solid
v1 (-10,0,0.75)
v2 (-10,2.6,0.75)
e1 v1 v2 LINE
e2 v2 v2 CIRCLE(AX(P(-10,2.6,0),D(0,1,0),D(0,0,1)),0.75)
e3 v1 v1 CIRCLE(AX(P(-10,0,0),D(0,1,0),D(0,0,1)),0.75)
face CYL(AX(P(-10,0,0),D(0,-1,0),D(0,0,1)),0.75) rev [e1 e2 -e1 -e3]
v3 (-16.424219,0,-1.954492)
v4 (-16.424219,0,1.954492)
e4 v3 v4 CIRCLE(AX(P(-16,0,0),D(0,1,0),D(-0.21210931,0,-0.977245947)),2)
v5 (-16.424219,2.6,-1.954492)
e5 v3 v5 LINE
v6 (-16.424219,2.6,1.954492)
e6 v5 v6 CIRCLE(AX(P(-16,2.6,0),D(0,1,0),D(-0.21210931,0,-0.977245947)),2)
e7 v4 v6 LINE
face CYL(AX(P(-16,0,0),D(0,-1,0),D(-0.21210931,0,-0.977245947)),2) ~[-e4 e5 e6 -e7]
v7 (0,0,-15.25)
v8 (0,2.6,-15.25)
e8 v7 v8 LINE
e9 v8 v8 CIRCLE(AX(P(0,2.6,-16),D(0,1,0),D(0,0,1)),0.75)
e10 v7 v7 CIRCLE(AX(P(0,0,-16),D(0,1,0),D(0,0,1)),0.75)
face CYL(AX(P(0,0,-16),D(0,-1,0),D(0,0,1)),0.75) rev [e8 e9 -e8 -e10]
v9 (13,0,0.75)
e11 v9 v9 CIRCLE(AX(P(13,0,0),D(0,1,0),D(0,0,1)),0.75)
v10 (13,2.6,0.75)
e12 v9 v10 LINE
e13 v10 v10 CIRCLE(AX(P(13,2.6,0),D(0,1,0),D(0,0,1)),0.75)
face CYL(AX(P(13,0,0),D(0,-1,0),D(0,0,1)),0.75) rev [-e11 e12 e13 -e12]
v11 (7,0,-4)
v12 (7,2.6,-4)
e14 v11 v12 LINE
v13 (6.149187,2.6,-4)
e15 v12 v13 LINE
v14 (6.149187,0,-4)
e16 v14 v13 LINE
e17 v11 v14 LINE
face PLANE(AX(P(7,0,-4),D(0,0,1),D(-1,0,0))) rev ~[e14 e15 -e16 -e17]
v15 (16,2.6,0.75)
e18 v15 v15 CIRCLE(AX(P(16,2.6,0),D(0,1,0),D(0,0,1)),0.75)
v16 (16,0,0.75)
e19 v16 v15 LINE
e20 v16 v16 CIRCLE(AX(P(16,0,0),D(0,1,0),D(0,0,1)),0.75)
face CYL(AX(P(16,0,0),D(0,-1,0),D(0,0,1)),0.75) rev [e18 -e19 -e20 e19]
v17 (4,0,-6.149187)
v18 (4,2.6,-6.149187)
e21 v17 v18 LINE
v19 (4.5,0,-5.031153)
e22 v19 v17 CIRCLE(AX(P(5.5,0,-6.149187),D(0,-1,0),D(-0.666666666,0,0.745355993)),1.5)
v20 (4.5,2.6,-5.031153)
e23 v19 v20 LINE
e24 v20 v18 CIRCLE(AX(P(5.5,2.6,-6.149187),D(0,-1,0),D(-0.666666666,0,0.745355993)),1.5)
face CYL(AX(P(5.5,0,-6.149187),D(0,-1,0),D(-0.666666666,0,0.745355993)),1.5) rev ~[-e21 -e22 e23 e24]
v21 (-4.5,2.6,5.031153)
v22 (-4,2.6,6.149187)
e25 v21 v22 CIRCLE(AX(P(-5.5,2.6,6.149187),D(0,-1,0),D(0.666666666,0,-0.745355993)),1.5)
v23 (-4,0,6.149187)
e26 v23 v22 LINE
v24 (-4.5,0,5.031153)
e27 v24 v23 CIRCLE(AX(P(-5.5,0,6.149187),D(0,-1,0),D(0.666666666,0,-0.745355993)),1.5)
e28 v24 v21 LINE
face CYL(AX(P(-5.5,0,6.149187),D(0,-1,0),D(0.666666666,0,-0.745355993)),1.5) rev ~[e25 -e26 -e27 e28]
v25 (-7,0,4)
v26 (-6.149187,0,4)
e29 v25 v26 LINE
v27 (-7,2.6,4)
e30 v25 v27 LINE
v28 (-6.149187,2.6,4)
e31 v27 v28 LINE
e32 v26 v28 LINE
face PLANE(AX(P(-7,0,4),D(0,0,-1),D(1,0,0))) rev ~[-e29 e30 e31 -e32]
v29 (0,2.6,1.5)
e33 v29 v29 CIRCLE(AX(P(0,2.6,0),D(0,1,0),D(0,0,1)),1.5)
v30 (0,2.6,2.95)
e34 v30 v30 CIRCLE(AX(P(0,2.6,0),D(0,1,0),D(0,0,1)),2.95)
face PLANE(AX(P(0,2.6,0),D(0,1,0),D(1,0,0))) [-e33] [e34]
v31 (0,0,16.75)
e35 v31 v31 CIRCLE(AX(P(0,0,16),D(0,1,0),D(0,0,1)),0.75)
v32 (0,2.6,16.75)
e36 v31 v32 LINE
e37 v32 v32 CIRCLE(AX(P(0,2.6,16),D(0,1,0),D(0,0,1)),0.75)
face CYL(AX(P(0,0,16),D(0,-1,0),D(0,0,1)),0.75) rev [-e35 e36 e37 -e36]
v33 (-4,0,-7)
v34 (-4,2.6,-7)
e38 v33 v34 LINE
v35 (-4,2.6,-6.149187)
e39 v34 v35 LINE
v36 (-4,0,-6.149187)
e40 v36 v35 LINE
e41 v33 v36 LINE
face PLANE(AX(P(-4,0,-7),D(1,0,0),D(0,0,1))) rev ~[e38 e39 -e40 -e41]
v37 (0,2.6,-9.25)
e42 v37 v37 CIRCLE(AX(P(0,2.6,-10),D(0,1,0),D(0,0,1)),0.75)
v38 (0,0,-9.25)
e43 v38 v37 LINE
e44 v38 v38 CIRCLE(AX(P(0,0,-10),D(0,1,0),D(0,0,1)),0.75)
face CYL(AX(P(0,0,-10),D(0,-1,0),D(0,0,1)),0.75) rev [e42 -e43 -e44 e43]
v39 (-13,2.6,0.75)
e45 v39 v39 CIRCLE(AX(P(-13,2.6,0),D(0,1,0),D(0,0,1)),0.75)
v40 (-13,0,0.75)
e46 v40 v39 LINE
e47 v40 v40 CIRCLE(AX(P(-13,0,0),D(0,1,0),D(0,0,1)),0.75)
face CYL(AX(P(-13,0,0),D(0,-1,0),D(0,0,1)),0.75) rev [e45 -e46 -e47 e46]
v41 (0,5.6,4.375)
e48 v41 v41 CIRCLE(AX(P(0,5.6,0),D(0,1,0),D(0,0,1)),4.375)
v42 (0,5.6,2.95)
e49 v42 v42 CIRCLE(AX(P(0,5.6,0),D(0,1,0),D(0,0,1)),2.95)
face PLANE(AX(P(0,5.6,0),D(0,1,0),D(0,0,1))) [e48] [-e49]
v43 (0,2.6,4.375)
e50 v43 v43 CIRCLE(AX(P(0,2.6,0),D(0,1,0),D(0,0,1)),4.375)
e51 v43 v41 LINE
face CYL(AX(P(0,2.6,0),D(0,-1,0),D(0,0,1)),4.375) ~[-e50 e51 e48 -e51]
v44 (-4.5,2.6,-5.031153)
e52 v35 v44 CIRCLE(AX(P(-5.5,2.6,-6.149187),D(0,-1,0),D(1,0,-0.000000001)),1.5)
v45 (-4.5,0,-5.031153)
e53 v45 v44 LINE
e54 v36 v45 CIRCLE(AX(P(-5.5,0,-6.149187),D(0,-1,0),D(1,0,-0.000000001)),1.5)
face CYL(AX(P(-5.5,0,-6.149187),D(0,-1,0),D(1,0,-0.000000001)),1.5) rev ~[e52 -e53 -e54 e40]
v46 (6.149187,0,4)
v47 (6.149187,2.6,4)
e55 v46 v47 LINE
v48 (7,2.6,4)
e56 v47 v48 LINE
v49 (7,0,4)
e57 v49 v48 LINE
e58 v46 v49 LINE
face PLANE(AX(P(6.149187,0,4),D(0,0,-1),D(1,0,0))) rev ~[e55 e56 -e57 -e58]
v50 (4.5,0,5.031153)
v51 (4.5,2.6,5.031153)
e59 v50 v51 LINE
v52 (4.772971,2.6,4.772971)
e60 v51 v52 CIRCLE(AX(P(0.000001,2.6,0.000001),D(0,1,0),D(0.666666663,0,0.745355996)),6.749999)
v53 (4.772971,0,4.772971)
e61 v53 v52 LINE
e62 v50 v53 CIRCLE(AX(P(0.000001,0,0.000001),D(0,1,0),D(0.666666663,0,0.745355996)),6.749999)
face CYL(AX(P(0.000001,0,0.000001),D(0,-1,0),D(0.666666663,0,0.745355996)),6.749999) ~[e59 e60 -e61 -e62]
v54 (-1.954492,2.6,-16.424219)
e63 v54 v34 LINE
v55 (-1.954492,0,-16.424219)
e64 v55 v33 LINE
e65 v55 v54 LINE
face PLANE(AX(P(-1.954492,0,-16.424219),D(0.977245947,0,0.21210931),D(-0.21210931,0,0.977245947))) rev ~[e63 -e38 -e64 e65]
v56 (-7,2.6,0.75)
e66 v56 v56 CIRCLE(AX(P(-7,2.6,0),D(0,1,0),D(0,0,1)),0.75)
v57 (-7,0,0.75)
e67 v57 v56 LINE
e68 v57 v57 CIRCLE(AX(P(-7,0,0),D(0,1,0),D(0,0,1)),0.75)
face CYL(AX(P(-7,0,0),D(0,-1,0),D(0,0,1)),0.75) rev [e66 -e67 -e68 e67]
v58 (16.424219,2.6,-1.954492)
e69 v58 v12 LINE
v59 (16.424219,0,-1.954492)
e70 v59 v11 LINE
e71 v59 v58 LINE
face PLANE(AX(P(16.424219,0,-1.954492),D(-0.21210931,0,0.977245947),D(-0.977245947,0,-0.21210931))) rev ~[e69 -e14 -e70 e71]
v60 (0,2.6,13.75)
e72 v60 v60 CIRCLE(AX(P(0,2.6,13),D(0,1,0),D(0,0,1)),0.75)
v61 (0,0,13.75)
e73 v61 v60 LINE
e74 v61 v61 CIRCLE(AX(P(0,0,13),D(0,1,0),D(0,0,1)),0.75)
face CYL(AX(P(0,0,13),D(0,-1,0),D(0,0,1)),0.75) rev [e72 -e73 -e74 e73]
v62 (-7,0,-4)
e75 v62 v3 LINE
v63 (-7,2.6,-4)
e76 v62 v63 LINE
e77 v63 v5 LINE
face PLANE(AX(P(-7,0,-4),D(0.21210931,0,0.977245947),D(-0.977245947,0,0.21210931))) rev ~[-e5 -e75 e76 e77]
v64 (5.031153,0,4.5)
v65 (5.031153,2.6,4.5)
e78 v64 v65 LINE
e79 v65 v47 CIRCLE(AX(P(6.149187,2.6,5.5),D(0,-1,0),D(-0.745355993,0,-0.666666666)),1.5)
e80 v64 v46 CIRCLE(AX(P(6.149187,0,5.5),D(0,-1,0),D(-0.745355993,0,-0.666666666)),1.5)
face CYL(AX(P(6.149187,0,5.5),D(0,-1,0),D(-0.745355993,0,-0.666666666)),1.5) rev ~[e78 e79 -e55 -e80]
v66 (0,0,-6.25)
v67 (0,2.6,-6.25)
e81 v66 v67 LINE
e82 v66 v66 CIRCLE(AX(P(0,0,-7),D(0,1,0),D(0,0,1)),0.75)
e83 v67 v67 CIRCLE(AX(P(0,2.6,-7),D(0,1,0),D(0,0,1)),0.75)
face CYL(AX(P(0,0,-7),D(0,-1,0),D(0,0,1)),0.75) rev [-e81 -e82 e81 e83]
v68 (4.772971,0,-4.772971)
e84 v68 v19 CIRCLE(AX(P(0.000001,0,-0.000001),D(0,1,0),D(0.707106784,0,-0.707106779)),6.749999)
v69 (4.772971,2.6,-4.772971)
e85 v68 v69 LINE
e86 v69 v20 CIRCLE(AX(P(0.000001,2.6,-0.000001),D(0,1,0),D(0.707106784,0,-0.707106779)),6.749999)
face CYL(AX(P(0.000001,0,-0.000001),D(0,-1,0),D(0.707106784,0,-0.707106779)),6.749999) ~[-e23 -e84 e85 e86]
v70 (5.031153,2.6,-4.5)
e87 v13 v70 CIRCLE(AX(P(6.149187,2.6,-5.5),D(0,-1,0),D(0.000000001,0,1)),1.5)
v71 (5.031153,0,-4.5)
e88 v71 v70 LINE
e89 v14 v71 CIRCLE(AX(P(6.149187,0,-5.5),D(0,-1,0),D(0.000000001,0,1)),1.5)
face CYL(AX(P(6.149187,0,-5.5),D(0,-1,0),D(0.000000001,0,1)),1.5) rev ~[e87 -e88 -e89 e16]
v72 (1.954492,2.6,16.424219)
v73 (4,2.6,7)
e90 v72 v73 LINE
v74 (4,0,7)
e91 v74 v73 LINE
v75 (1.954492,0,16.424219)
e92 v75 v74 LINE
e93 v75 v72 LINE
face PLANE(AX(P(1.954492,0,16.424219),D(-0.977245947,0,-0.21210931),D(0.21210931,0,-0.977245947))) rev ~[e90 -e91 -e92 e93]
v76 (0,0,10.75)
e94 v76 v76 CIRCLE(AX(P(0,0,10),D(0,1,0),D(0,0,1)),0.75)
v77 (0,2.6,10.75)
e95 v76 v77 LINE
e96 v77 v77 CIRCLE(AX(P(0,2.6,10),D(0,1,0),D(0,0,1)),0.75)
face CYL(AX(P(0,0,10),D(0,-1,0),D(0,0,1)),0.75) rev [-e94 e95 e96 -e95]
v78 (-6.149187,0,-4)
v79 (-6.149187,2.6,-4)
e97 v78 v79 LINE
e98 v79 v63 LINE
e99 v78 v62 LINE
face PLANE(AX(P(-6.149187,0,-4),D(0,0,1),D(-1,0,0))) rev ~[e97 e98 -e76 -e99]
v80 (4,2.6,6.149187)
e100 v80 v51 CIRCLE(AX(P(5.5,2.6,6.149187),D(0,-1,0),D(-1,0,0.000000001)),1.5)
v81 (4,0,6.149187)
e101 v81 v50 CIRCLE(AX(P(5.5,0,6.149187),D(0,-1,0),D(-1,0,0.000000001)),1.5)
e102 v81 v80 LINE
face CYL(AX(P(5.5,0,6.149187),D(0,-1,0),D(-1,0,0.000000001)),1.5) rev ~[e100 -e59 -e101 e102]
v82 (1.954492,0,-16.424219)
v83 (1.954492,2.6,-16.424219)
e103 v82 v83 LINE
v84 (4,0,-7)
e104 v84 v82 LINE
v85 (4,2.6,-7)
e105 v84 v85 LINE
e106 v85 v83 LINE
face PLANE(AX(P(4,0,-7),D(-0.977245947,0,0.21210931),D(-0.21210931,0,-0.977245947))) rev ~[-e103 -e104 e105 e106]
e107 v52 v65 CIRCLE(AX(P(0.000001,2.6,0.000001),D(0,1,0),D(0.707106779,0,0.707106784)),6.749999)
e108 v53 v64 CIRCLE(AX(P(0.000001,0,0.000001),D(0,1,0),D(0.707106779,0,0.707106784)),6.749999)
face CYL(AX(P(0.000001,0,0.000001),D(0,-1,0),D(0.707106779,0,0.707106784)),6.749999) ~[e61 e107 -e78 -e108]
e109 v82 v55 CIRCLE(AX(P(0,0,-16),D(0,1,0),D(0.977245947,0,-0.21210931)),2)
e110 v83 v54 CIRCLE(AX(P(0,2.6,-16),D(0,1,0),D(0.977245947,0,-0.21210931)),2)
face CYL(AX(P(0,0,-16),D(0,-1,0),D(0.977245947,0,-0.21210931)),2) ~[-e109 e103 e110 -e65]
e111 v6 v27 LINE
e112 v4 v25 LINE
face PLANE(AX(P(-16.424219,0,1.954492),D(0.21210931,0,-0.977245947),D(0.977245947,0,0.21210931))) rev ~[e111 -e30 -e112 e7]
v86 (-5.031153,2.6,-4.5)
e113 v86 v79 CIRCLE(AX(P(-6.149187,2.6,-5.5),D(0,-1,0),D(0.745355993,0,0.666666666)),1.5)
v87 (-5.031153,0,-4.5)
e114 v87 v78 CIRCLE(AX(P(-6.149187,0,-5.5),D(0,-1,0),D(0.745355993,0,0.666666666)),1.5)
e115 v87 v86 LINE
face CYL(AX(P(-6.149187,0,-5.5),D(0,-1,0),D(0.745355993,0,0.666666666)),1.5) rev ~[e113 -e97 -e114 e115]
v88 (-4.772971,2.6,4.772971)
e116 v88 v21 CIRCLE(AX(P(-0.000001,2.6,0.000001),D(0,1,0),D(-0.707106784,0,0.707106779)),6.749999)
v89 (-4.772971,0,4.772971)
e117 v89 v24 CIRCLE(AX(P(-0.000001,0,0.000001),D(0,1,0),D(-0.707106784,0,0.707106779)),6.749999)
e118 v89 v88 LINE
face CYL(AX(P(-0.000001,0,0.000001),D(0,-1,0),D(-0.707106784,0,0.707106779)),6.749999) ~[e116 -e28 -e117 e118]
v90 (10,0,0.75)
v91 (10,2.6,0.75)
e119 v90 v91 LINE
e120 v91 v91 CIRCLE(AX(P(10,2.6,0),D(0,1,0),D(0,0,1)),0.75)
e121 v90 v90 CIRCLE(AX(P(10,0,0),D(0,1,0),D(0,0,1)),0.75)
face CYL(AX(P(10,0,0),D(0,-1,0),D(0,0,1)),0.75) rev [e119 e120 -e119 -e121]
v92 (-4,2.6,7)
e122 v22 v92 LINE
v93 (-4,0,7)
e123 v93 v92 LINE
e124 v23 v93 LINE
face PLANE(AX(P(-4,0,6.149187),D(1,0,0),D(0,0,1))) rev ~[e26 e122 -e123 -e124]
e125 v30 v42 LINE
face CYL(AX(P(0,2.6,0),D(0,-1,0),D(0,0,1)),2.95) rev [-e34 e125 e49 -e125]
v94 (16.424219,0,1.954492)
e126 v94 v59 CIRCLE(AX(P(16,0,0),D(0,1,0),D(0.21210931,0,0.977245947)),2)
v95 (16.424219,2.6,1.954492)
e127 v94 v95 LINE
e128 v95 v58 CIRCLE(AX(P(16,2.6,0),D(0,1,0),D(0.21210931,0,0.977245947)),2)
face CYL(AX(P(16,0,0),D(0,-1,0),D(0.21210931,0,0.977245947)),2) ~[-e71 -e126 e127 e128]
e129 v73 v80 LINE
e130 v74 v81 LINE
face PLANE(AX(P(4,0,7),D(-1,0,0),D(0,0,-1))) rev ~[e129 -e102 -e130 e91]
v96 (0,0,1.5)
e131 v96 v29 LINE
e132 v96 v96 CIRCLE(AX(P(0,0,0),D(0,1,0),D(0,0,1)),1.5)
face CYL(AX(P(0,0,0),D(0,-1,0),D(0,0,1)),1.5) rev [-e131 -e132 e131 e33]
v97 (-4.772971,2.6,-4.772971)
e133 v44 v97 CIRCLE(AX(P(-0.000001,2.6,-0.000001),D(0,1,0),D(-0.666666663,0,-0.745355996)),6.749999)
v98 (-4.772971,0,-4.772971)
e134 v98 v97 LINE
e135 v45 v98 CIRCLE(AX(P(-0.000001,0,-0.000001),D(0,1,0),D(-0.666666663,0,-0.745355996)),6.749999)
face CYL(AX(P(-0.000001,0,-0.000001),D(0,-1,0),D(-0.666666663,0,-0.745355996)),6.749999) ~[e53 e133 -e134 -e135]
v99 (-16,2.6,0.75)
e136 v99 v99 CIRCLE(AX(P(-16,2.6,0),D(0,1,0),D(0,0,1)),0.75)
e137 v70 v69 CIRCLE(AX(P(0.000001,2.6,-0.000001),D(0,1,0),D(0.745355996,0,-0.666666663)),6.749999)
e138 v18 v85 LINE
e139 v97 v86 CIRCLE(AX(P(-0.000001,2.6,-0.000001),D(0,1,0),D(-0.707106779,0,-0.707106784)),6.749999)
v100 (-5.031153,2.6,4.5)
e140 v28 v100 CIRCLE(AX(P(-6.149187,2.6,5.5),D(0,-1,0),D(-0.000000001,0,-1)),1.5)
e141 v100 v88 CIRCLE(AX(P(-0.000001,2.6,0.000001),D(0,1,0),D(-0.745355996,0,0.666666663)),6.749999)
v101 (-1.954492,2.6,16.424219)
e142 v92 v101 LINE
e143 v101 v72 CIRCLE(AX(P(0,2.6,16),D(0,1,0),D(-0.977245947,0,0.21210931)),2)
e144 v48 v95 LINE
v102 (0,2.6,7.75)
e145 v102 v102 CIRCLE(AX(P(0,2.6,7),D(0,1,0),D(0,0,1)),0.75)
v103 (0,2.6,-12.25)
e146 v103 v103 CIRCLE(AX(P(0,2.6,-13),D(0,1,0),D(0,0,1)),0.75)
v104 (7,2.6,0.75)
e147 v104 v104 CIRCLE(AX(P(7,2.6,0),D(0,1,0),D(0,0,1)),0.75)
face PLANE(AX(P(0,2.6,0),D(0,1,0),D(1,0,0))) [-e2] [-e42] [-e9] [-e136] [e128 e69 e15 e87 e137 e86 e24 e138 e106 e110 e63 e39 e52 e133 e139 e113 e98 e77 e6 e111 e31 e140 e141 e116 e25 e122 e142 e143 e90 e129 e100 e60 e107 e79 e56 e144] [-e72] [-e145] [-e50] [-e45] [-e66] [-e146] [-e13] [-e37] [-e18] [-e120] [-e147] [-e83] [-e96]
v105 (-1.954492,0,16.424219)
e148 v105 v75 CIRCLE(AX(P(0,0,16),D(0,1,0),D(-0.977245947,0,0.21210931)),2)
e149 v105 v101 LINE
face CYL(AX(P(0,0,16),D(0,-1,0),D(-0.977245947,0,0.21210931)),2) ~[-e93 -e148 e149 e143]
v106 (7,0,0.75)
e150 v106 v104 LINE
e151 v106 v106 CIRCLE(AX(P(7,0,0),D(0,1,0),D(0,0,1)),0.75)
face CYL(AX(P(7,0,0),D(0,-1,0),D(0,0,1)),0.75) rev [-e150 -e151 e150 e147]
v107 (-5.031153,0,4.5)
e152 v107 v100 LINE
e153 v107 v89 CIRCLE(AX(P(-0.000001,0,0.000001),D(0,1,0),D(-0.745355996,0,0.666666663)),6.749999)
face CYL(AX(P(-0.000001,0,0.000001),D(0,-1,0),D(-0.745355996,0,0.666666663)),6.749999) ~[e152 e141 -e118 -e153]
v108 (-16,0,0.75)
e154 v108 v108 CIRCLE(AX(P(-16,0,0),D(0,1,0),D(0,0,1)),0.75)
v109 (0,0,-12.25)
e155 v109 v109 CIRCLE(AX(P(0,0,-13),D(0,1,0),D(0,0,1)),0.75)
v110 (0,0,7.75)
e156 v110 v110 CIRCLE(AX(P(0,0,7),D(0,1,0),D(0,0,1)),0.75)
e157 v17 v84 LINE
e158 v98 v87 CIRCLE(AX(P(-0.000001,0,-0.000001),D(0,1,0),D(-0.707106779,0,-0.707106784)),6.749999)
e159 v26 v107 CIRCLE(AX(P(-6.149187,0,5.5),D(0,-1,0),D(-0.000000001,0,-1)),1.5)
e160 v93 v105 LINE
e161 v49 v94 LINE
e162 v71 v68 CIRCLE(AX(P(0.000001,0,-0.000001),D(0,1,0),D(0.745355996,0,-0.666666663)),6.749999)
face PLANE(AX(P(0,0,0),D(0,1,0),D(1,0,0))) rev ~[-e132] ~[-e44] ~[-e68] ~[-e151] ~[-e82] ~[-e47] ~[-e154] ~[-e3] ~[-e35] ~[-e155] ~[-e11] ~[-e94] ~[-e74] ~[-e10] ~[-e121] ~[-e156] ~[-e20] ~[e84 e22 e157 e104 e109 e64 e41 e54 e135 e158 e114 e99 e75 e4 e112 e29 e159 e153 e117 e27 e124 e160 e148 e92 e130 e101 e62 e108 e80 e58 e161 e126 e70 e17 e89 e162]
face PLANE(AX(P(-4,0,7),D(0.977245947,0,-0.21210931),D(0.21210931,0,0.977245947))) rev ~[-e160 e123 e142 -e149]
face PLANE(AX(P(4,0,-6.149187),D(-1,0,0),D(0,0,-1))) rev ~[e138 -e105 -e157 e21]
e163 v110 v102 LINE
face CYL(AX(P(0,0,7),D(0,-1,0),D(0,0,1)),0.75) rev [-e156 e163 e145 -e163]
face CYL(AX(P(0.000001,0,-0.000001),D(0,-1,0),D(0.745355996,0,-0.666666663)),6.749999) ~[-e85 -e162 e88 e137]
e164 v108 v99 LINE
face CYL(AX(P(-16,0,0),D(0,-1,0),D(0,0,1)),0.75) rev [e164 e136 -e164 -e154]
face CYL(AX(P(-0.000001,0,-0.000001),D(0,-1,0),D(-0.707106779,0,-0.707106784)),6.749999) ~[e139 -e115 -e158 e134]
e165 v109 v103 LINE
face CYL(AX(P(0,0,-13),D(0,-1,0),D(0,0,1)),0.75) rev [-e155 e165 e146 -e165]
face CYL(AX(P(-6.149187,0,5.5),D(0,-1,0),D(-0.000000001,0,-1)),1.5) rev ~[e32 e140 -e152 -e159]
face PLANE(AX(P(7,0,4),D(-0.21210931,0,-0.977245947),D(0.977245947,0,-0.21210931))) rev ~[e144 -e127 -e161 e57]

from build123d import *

# Parameters (mm, degrees)
CROQUIS1_R              = 0.75
CROQUIS1_R_2            = 1.5
SALIENTE_EXTRUIR1_DEPTH = 2.6
CROQUIS2_R              = 4.375
CROQUIS2_R_2            = 2.95
SALIENTE_EXTRUIR2_DEPTH = 3


with BuildPart() as part:
    # Croquis1 → Saliente-Extruir1 (new body)
    with BuildSketch(Plane(origin=(0, 0, 0), x_dir=(1, 0, 0), z_dir=(0, 1, 0))):
        with BuildLine():
            Line((-4, 7), (-4, 6.149186938))
            ThreePointArc((-4, 6.149186938), (-4.130693606, 5.536814502), (-4.5, 5.031152949))
            ThreePointArc((-4.5, 5.031152949), (-4.638282144, 4.903961537), (-4.772970773, 4.772970773))
            ThreePointArc((-4.772970773, 4.772970773), (-4.903961537, 4.638282144), (-5.031152949, 4.5))
            ThreePointArc((-5.031152949, 4.5), (-5.536814502, 4.130693606), (-6.149186938, 4))
            Line((-6.149186938, 4), (-7, 4))
            Line((-7, 4), (-16.424218619, 1.954491894))
            ThreePointArc((-16.424218619, 1.954491894), (-18, 0), (-16.424218619, -1.954491894))
            Line((-16.424218619, -1.954491894), (-7, -4))
            Line((-7, -4), (-6.149186938, -4))
            ThreePointArc((-6.149186938, -4), (-5.536814502, -4.130693606), (-5.031152949, -4.5))
            ThreePointArc((-5.031152949, -4.5), (-4.903961537, -4.638282144), (-4.772970773, -4.772970773))
            ThreePointArc((-4.772970773, -4.772970773), (-4.638282144, -4.903961537), (-4.5, -5.031152949))
            ThreePointArc((-4.5, -5.031152949), (-4.130693606, -5.536814502), (-4, -6.149186938))
            Line((-4, -6.149186938), (-4, -7))
            Line((-4, -7), (-1.954491894, -16.424218619))
            ThreePointArc((-1.954491894, -16.424218619), (0, -18), (1.954491894, -16.424218619))
            Line((1.954491894, -16.424218619), (4, -7))
            Line((4, -7), (4, -6.149186938))
            ThreePointArc((4, -6.149186938), (4.130693606, -5.536814502), (4.5, -5.031152949))
            ThreePointArc((4.5, -5.031152949), (4.638282144, -4.903961537), (4.772970773, -4.772970773))
            ThreePointArc((4.772970773, -4.772970773), (4.903961537, -4.638282144), (5.031152949, -4.5))
            ThreePointArc((5.031152949, -4.5), (5.536814502, -4.130693606), (6.149186938, -4))
            Line((6.149186938, -4), (7, -4))
            Line((7, -4), (16.424218619, -1.954491894))
            ThreePointArc((16.424218619, -1.954491894), (18, 0), (16.424218619, 1.954491894))
            Line((16.424218619, 1.954491894), (7, 4))
            Line((7, 4), (6.149186938, 4))
            ThreePointArc((6.149186938, 4), (5.536814502, 4.130693606), (5.031152949, 4.5))
            ThreePointArc((5.031152949, 4.5), (4.903961537, 4.638282144), (4.772970773, 4.772970773))
            ThreePointArc((4.772970773, 4.772970773), (4.638282144, 4.903961537), (4.5, 5.031152949))
            ThreePointArc((4.5, 5.031152949), (4.130693606, 5.536814502), (4, 6.149186938))
            Line((4, 6.149186938), (4, 7))
            Line((4, 7), (1.954491894, 16.424218619))
            ThreePointArc((1.954491894, 16.424218619), (0, 18), (-1.954491894, 16.424218619))
            Line((-1.954491894, 16.424218619), (-4, 7))
        make_face()
        with Locations(Location((0, 16, 0), (0, 0, 270))):
            Circle(CROQUIS1_R, mode=Mode.SUBTRACT)
        with Locations(Location((0, 13, 0), (0, 0, 270))):
            Circle(CROQUIS1_R, mode=Mode.SUBTRACT)
        with Locations(Location((0, 10, 0), (0, 0, 270))):
            Circle(CROQUIS1_R, mode=Mode.SUBTRACT)
        with Locations(Location((0, 7, 0), (0, 0, 270))):
            Circle(CROQUIS1_R, mode=Mode.SUBTRACT)
        with Locations(Location((16, 0, 0), (0, 0, 270))):
            Circle(CROQUIS1_R, mode=Mode.SUBTRACT)
        with Locations(Location((13, 0, 0), (0, 0, 270))):
            Circle(CROQUIS1_R, mode=Mode.SUBTRACT)
        with Locations(Location((10, 0, 0), (0, 0, 270))):
            Circle(CROQUIS1_R, mode=Mode.SUBTRACT)
        with Locations(Location((7, 0, 0), (0, 0, 270))):
            Circle(CROQUIS1_R, mode=Mode.SUBTRACT)
        with Locations(Location((0, -16, 0), (0, 0, 270))):
            Circle(CROQUIS1_R, mode=Mode.SUBTRACT)
        with Locations(Location((0, -13, 0), (0, 0, 270))):
            Circle(CROQUIS1_R, mode=Mode.SUBTRACT)
        with Locations(Location((0, -10, 0), (0, 0, 270))):
            Circle(CROQUIS1_R, mode=Mode.SUBTRACT)
        with Locations(Location((0, -7, 0), (0, 0, 270))):
            Circle(CROQUIS1_R, mode=Mode.SUBTRACT)
        with Locations(Location((-16, 0, 0), (0, 0, 270))):
            Circle(CROQUIS1_R, mode=Mode.SUBTRACT)
        with Locations(Location((-13, 0, 0), (0, 0, 270))):
            Circle(CROQUIS1_R, mode=Mode.SUBTRACT)
        with Locations(Location((-10, 0, 0), (0, 0, 270))):
            Circle(CROQUIS1_R, mode=Mode.SUBTRACT)
        with Locations(Location((-7, 0, 0), (0, 0, 270))):
            Circle(CROQUIS1_R, mode=Mode.SUBTRACT)
        with Locations(Location((0, 0, 0), (0, 0, 270))):
            Circle(CROQUIS1_R_2, mode=Mode.SUBTRACT)
    extrude(amount=SALIENTE_EXTRUIR1_DEPTH)

    # Croquis2 → Saliente-Extruir2 (add)
    with BuildSketch(Plane(origin=(0, 2.6, 0), x_dir=(1, 0, 0), z_dir=(0, 1, 0))):
        with Locations(Location((0, 0, 0), (0, 0, 270))):
            Circle(CROQUIS2_R)
        with Locations(Location((0, 0, 0), (0, 0, 270))):
            Circle(CROQUIS2_R_2, mode=Mode.SUBTRACT)
    extrude(amount=SALIENTE_EXTRUIR2_DEPTH)


solid = part.part
